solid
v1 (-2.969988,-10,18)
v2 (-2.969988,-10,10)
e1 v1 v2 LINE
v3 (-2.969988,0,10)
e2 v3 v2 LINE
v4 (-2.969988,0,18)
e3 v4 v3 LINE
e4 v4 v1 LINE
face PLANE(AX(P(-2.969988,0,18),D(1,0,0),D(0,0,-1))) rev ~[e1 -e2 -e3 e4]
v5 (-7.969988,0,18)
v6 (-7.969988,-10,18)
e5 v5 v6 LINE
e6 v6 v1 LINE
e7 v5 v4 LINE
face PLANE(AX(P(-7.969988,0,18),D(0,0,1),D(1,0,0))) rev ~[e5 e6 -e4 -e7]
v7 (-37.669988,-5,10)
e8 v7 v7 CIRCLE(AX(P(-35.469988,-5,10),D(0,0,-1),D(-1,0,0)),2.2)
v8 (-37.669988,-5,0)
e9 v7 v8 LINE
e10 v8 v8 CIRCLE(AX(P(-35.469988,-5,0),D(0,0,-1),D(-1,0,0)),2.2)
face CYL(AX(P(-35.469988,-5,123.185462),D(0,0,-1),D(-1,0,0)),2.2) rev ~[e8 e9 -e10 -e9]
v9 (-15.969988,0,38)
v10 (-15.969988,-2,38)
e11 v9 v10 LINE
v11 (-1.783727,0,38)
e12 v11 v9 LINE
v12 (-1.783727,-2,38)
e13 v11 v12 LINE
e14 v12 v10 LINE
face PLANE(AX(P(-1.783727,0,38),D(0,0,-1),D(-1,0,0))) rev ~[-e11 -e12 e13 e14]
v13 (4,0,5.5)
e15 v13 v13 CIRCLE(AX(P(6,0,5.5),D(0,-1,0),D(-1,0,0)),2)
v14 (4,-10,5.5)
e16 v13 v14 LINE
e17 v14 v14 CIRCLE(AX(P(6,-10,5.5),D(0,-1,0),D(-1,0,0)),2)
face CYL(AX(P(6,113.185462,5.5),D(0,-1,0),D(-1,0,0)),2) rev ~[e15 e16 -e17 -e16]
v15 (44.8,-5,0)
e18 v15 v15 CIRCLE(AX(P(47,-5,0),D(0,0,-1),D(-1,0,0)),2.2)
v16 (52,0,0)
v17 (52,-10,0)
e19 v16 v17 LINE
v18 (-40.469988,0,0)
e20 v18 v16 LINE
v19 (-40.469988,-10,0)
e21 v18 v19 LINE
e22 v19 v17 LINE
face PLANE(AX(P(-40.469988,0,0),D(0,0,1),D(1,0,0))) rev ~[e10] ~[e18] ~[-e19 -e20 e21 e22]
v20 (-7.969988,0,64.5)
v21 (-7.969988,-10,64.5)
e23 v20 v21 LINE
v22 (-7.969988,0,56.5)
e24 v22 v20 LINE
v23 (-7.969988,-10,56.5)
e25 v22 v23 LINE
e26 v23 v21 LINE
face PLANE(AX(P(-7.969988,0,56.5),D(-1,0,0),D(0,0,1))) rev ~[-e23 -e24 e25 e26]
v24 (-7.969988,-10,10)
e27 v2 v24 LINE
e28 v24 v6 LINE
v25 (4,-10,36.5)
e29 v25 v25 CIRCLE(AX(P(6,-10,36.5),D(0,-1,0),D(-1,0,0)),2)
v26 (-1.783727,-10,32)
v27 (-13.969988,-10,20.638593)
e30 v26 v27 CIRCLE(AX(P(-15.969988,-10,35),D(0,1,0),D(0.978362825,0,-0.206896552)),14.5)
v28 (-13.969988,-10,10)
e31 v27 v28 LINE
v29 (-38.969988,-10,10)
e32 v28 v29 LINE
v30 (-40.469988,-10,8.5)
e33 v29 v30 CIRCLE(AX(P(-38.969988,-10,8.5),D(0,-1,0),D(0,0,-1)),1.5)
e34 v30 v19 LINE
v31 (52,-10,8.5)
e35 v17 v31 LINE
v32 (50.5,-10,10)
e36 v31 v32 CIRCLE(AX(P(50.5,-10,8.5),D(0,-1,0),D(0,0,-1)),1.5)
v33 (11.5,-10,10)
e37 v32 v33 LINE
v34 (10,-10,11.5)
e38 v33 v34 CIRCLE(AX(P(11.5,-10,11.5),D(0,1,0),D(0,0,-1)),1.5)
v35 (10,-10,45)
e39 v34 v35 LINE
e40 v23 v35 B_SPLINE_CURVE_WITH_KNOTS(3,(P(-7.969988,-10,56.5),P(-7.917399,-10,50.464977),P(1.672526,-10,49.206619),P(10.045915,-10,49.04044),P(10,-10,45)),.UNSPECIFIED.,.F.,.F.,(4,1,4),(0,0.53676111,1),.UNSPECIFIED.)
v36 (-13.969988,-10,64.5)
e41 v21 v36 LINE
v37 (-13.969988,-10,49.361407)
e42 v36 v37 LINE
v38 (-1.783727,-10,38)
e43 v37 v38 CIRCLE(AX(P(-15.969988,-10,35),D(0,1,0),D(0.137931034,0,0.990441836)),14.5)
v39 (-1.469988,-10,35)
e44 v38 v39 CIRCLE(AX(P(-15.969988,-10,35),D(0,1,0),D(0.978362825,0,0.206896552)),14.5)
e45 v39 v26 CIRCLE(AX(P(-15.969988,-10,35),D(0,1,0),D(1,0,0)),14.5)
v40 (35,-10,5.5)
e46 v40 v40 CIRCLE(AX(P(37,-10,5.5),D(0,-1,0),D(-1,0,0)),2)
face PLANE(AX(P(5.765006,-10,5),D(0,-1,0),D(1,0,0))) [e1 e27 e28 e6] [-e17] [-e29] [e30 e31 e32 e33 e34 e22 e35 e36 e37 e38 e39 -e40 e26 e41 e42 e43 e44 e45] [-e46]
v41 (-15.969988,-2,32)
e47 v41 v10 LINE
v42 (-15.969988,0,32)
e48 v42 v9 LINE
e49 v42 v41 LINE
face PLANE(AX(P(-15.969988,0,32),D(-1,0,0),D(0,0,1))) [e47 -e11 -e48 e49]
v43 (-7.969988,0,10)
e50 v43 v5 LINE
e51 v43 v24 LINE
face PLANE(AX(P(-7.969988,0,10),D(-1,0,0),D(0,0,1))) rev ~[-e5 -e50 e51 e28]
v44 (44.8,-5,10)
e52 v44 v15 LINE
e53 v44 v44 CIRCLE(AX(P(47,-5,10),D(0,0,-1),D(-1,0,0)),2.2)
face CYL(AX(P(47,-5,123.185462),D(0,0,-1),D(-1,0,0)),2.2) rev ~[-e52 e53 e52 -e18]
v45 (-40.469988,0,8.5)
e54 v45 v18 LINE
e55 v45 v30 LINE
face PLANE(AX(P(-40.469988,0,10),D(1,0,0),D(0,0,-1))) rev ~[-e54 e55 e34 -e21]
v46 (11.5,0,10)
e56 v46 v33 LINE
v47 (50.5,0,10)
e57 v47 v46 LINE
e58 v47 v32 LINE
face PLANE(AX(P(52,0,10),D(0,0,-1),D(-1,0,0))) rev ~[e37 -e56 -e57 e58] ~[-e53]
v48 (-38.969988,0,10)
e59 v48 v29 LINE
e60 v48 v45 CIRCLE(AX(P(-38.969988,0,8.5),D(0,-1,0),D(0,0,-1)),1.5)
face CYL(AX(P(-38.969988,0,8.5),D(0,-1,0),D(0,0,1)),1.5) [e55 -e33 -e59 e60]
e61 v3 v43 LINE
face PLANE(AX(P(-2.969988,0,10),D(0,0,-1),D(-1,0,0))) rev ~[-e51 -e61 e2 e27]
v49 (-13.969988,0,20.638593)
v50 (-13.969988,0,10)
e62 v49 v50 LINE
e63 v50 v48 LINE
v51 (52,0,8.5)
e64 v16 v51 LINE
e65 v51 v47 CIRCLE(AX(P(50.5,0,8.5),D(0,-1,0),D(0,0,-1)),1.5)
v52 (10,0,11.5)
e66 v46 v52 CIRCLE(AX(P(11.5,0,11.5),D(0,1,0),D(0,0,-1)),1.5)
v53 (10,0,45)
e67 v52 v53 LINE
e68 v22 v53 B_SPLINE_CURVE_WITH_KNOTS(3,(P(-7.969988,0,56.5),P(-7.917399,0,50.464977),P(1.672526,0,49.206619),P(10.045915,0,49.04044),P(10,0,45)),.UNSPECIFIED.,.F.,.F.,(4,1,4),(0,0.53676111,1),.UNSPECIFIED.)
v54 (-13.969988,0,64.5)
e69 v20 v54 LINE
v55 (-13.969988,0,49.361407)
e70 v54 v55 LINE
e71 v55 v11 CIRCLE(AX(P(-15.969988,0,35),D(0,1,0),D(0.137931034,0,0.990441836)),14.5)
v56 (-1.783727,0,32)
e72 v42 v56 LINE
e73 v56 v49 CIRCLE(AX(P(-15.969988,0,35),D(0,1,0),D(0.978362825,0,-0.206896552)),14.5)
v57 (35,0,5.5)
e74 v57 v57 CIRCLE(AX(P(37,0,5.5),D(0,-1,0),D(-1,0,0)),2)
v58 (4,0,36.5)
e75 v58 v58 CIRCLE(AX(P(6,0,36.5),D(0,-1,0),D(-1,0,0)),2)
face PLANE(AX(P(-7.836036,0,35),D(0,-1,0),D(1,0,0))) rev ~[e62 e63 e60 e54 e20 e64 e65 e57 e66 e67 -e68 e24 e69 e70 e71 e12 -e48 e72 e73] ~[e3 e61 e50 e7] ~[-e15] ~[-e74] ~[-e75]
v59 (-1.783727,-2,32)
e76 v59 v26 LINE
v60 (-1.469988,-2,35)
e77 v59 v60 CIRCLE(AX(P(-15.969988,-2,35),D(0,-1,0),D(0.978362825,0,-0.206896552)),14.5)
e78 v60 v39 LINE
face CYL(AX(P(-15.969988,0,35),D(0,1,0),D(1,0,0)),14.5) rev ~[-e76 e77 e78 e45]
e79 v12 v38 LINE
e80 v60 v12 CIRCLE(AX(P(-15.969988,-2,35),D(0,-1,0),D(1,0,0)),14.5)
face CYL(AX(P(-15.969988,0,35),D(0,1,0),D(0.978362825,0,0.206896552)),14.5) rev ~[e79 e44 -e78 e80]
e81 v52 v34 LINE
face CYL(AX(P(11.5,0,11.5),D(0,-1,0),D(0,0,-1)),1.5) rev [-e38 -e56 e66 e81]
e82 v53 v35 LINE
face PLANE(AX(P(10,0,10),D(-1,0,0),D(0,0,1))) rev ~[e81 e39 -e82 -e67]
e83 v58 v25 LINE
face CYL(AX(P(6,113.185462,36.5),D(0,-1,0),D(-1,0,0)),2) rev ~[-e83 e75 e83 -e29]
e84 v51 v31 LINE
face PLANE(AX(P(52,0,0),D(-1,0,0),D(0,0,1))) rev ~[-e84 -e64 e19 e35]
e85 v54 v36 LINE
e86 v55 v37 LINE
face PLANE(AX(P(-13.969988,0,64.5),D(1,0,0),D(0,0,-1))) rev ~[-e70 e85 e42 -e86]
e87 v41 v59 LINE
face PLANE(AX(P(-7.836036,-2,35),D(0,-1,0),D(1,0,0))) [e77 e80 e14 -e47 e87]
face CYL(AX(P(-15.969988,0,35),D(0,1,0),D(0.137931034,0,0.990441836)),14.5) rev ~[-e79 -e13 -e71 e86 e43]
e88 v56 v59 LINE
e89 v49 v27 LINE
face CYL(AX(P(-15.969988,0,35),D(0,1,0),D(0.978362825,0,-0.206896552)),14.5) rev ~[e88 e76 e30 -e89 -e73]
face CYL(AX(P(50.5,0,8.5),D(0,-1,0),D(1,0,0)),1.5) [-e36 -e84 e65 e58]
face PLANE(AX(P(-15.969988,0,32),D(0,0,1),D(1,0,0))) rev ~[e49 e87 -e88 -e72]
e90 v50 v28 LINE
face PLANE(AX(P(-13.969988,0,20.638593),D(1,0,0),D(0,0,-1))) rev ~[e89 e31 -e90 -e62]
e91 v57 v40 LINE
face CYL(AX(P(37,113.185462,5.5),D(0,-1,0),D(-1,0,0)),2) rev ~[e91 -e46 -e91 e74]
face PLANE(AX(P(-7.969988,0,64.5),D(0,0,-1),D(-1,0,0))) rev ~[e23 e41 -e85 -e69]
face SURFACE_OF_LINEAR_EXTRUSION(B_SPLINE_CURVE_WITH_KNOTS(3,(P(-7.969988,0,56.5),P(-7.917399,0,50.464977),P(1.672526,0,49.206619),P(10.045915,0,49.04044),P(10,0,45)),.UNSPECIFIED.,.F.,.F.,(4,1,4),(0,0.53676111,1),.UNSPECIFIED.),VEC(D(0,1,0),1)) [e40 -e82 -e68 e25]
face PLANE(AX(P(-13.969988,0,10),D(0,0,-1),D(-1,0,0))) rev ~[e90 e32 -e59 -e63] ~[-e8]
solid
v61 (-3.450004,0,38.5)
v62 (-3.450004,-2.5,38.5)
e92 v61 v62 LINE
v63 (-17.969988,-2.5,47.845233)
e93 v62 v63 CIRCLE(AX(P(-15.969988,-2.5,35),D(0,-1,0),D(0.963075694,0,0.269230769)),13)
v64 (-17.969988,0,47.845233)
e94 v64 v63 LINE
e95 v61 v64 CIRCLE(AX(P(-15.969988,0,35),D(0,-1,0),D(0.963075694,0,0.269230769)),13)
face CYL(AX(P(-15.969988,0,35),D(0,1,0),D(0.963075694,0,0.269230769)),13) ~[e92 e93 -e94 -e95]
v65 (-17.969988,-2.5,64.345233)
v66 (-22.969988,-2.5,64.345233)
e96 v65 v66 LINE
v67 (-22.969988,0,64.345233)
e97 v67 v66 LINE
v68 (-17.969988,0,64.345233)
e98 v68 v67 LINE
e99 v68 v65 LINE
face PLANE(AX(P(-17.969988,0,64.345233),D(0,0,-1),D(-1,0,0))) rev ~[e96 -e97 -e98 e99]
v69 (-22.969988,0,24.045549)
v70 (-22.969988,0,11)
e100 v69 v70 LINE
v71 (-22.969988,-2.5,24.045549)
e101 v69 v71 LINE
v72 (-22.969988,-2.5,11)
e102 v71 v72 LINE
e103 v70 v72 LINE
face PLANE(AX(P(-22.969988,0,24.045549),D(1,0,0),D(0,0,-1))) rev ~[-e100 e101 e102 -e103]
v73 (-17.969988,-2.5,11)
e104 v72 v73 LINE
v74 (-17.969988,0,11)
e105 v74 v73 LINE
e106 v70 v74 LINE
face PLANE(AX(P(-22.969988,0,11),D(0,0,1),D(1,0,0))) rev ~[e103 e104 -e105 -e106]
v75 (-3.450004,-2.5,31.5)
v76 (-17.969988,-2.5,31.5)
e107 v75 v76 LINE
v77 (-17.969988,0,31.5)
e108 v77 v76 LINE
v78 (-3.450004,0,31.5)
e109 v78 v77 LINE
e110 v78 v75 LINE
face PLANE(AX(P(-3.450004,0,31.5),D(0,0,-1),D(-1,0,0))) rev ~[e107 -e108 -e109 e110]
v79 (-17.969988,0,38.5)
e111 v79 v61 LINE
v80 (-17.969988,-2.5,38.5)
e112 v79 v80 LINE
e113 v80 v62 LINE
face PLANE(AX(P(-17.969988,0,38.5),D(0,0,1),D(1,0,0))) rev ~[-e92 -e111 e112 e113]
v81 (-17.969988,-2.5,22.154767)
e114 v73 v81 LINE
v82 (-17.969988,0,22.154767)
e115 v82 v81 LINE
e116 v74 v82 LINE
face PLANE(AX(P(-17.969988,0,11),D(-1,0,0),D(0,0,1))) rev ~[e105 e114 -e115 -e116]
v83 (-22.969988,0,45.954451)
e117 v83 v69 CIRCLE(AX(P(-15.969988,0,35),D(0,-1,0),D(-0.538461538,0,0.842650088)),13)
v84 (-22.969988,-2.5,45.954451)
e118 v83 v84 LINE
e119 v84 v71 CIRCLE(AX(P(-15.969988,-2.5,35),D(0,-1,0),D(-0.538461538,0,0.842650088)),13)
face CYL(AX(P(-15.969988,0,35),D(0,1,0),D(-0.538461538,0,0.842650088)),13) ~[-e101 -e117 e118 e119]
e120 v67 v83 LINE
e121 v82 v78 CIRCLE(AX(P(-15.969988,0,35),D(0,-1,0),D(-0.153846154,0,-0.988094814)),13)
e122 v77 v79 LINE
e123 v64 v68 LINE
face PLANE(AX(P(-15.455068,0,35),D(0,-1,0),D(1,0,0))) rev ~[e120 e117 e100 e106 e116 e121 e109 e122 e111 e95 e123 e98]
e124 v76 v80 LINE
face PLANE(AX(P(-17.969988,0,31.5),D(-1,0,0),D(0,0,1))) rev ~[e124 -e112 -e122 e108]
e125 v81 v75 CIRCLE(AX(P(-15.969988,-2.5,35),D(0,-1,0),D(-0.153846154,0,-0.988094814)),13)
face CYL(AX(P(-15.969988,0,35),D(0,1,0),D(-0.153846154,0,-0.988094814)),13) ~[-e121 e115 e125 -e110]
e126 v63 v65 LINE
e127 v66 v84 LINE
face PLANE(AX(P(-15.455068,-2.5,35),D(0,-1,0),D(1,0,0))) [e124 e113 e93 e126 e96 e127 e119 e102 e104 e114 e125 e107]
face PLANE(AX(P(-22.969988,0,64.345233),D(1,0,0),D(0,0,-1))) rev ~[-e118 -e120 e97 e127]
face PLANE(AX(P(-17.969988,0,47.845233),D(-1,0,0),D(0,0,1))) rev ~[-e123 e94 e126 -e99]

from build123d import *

# Parameters (mm, degrees)
F1_DEPTH = 10
F2_D     = 4
F0_W     = 2
F0_H     = 6
F3_DEPTH = 2
F5_DEPTH = 2.5
F7_D     = 4.4
F8_R     = 1.5


with BuildPart() as f1:
    # F0 (on Front) → F1 (new body)
    with BuildSketch(Plane.XZ):
        Polygon((-30.4699879904, 0), (0, 0), (52, 0), (52, 10), (10, 10), (0, 10), (-2.9699879904, 10), (-7.9699879904, 10), (-13.9699879904, 10), (-30.4699879904, 10), (-40.4699879904, 10), (-40.4699879904, 0), align=None)
        with BuildLine():
            Line((0, 10), (10, 10))
            Line((10, 10), (10, 45))
            add(Edge.make_bspline(
                [(-7.9699879904, 56.5), (-7.9173985869, 50.464976579), (1.67252567, 49.2066189983), (10.0459149107, 49.04044047), (10, 45)],
                knots=[0, 0, 0, 0, 0.5367611097, 1, 1, 1, 1], degree=3))
            Line((-7.9699879904, 56.5), (-7.9699879904, 64.5))
            Line((-7.9699879904, 64.5), (-13.9699879904, 64.5))
            Line((-13.9699879904, 64.5), (-13.9699879904, 49.3614066163))
            ThreePointArc((-13.9699879904, 49.3614066163), (-6.0821595617, 45.6056988909), (-1.7837270313, 38))
            Line((-1.7837270313, 38), (0, 38))
            Line((0, 38), (0, 32))
            Line((0, 32), (-1.7837270313, 32))
            ThreePointArc((-1.7837270313, 32), (-6.0821595617, 24.3943011091), (-13.9699879904, 20.6385933837))
            Line((-13.9699879904, 20.6385933837), (-13.9699879904, 10))
            Line((-13.9699879904, 10), (-7.9699879904, 10))
            Line((-7.9699879904, 10), (-7.9699879904, 18))
            Line((-7.9699879904, 18), (-2.9699879904, 18))
            Line((-2.9699879904, 18), (-2.9699879904, 10))
            Line((-2.9699879904, 10), (0, 10))
        make_face()
        with BuildLine():
            ThreePointArc((-1.4699879904, 35), (-1.5486360443, 33.491819624), (-1.7837270313, 32))
            Line((-1.7837270313, 32), (0, 32))
            Line((0, 32), (0, 38))
            Line((0, 38), (-1.7837270313, 38))
            ThreePointArc((-1.7837270313, 38), (-1.5486360443, 36.508180376), (-1.4699879904, 35))
        make_face()
    extrude(amount=F1_DEPTH)

    # F2 (through all)
    with Locations(Plane(origin=(0, 0, 0), x_dir=(1, 0, 0), z_dir=(0, 1, 0))):
        with Locations((6, -36.5), (6, -5.5), (37, -5.5)):
            Hole(F2_D / 2)

    # F0 (on Front) → F3 (join)
    with BuildSketch(Plane.XZ):
        with BuildLine():
            Line((-13.9699879904, 32), (-1.7837270313, 32))
            ThreePointArc((-1.7837270313, 32), (-1.5486360443, 33.491819624), (-1.4699879904, 35))
            ThreePointArc((-1.4699879904, 35), (-1.5486360443, 36.508180376), (-1.7837270313, 38))
            Line((-1.7837270313, 38), (-13.9699879904, 38))
            Line((-13.9699879904, 38), (-13.9699879904, 32))
        make_face()
        with Locations((-14.9699879904, 35)):
            Rectangle(F0_W, F0_H)
    extrude(amount=F3_DEPTH)

    # F7 (through all)
    with Locations(Plane.XY.offset(10)):
        with Locations((47, -5), (-35.4699879904, -5)):
            Hole(F7_D / 2)

    # F8
    f8_edges = [f1.edges().sort_by_distance(p)[0] for p in [
        (-40.469988, -5, 10),
        (10, -5, 45),
        (10, -5, 10),
        (52, -5, 10),
    ]]
    fillet(f8_edges, radius=F8_R)


with BuildPart() as f5:
    # F4 (on Front) → F5 (new body)
    with BuildSketch(Plane.XZ):
        with BuildLine():
            Line((-17.9699879904, 38.5), (-3.4500039648, 38.5))
            ThreePointArc((-3.4500039648, 38.5), (-8.9343033072, 45.9315662665), (-17.9699879904, 47.8452325787))
            ThreePointArc((-17.9699879904, 47.8452325787), (-20.5682228259, 47.1596149773), (-22.9699879904, 45.9544511501))
            ThreePointArc((-22.9699879904, 45.9544511501), (-28.9699879904, 35), (-22.9699879904, 24.0455488499))
            ThreePointArc((-22.9699879904, 24.0455488499), (-20.5682228259, 22.8403850227), (-17.9699879904, 22.1547674213))
            ThreePointArc((-17.9699879904, 22.1547674213), (-8.9343033072, 24.0684337335), (-3.4500039648, 31.5))
            Line((-3.4500039648, 31.5), (-17.9699879904, 31.5))
            Line((-17.9699879904, 31.5), (-17.9699879904, 38.5))
        make_face()
        with BuildLine():
            ThreePointArc((-22.9699879904, 45.9544511501), (-20.5682228259, 47.1596149773), (-17.9699879904, 47.8452325787))
            Line((-17.9699879904, 47.8452325787), (-17.9699879904, 64.3452325787))
            Line((-17.9699879904, 64.3452325787), (-22.9699879904, 64.3452325787))
            Line((-22.9699879904, 64.3452325787), (-22.9699879904, 45.9544511501))
        make_face()
        with BuildLine():
            Line((-17.9699879904, 11), (-17.9699879904, 22.1547674213))
            ThreePointArc((-17.9699879904, 22.1547674213), (-20.5682228259, 22.8403850227), (-22.9699879904, 24.0455488499))
            Line((-22.9699879904, 24.0455488499), (-22.9699879904, 11))
            Line((-22.9699879904, 11), (-17.9699879904, 11))
        make_face()
    extrude(amount=F5_DEPTH)


solid = Compound([f1.part, f5.part])
